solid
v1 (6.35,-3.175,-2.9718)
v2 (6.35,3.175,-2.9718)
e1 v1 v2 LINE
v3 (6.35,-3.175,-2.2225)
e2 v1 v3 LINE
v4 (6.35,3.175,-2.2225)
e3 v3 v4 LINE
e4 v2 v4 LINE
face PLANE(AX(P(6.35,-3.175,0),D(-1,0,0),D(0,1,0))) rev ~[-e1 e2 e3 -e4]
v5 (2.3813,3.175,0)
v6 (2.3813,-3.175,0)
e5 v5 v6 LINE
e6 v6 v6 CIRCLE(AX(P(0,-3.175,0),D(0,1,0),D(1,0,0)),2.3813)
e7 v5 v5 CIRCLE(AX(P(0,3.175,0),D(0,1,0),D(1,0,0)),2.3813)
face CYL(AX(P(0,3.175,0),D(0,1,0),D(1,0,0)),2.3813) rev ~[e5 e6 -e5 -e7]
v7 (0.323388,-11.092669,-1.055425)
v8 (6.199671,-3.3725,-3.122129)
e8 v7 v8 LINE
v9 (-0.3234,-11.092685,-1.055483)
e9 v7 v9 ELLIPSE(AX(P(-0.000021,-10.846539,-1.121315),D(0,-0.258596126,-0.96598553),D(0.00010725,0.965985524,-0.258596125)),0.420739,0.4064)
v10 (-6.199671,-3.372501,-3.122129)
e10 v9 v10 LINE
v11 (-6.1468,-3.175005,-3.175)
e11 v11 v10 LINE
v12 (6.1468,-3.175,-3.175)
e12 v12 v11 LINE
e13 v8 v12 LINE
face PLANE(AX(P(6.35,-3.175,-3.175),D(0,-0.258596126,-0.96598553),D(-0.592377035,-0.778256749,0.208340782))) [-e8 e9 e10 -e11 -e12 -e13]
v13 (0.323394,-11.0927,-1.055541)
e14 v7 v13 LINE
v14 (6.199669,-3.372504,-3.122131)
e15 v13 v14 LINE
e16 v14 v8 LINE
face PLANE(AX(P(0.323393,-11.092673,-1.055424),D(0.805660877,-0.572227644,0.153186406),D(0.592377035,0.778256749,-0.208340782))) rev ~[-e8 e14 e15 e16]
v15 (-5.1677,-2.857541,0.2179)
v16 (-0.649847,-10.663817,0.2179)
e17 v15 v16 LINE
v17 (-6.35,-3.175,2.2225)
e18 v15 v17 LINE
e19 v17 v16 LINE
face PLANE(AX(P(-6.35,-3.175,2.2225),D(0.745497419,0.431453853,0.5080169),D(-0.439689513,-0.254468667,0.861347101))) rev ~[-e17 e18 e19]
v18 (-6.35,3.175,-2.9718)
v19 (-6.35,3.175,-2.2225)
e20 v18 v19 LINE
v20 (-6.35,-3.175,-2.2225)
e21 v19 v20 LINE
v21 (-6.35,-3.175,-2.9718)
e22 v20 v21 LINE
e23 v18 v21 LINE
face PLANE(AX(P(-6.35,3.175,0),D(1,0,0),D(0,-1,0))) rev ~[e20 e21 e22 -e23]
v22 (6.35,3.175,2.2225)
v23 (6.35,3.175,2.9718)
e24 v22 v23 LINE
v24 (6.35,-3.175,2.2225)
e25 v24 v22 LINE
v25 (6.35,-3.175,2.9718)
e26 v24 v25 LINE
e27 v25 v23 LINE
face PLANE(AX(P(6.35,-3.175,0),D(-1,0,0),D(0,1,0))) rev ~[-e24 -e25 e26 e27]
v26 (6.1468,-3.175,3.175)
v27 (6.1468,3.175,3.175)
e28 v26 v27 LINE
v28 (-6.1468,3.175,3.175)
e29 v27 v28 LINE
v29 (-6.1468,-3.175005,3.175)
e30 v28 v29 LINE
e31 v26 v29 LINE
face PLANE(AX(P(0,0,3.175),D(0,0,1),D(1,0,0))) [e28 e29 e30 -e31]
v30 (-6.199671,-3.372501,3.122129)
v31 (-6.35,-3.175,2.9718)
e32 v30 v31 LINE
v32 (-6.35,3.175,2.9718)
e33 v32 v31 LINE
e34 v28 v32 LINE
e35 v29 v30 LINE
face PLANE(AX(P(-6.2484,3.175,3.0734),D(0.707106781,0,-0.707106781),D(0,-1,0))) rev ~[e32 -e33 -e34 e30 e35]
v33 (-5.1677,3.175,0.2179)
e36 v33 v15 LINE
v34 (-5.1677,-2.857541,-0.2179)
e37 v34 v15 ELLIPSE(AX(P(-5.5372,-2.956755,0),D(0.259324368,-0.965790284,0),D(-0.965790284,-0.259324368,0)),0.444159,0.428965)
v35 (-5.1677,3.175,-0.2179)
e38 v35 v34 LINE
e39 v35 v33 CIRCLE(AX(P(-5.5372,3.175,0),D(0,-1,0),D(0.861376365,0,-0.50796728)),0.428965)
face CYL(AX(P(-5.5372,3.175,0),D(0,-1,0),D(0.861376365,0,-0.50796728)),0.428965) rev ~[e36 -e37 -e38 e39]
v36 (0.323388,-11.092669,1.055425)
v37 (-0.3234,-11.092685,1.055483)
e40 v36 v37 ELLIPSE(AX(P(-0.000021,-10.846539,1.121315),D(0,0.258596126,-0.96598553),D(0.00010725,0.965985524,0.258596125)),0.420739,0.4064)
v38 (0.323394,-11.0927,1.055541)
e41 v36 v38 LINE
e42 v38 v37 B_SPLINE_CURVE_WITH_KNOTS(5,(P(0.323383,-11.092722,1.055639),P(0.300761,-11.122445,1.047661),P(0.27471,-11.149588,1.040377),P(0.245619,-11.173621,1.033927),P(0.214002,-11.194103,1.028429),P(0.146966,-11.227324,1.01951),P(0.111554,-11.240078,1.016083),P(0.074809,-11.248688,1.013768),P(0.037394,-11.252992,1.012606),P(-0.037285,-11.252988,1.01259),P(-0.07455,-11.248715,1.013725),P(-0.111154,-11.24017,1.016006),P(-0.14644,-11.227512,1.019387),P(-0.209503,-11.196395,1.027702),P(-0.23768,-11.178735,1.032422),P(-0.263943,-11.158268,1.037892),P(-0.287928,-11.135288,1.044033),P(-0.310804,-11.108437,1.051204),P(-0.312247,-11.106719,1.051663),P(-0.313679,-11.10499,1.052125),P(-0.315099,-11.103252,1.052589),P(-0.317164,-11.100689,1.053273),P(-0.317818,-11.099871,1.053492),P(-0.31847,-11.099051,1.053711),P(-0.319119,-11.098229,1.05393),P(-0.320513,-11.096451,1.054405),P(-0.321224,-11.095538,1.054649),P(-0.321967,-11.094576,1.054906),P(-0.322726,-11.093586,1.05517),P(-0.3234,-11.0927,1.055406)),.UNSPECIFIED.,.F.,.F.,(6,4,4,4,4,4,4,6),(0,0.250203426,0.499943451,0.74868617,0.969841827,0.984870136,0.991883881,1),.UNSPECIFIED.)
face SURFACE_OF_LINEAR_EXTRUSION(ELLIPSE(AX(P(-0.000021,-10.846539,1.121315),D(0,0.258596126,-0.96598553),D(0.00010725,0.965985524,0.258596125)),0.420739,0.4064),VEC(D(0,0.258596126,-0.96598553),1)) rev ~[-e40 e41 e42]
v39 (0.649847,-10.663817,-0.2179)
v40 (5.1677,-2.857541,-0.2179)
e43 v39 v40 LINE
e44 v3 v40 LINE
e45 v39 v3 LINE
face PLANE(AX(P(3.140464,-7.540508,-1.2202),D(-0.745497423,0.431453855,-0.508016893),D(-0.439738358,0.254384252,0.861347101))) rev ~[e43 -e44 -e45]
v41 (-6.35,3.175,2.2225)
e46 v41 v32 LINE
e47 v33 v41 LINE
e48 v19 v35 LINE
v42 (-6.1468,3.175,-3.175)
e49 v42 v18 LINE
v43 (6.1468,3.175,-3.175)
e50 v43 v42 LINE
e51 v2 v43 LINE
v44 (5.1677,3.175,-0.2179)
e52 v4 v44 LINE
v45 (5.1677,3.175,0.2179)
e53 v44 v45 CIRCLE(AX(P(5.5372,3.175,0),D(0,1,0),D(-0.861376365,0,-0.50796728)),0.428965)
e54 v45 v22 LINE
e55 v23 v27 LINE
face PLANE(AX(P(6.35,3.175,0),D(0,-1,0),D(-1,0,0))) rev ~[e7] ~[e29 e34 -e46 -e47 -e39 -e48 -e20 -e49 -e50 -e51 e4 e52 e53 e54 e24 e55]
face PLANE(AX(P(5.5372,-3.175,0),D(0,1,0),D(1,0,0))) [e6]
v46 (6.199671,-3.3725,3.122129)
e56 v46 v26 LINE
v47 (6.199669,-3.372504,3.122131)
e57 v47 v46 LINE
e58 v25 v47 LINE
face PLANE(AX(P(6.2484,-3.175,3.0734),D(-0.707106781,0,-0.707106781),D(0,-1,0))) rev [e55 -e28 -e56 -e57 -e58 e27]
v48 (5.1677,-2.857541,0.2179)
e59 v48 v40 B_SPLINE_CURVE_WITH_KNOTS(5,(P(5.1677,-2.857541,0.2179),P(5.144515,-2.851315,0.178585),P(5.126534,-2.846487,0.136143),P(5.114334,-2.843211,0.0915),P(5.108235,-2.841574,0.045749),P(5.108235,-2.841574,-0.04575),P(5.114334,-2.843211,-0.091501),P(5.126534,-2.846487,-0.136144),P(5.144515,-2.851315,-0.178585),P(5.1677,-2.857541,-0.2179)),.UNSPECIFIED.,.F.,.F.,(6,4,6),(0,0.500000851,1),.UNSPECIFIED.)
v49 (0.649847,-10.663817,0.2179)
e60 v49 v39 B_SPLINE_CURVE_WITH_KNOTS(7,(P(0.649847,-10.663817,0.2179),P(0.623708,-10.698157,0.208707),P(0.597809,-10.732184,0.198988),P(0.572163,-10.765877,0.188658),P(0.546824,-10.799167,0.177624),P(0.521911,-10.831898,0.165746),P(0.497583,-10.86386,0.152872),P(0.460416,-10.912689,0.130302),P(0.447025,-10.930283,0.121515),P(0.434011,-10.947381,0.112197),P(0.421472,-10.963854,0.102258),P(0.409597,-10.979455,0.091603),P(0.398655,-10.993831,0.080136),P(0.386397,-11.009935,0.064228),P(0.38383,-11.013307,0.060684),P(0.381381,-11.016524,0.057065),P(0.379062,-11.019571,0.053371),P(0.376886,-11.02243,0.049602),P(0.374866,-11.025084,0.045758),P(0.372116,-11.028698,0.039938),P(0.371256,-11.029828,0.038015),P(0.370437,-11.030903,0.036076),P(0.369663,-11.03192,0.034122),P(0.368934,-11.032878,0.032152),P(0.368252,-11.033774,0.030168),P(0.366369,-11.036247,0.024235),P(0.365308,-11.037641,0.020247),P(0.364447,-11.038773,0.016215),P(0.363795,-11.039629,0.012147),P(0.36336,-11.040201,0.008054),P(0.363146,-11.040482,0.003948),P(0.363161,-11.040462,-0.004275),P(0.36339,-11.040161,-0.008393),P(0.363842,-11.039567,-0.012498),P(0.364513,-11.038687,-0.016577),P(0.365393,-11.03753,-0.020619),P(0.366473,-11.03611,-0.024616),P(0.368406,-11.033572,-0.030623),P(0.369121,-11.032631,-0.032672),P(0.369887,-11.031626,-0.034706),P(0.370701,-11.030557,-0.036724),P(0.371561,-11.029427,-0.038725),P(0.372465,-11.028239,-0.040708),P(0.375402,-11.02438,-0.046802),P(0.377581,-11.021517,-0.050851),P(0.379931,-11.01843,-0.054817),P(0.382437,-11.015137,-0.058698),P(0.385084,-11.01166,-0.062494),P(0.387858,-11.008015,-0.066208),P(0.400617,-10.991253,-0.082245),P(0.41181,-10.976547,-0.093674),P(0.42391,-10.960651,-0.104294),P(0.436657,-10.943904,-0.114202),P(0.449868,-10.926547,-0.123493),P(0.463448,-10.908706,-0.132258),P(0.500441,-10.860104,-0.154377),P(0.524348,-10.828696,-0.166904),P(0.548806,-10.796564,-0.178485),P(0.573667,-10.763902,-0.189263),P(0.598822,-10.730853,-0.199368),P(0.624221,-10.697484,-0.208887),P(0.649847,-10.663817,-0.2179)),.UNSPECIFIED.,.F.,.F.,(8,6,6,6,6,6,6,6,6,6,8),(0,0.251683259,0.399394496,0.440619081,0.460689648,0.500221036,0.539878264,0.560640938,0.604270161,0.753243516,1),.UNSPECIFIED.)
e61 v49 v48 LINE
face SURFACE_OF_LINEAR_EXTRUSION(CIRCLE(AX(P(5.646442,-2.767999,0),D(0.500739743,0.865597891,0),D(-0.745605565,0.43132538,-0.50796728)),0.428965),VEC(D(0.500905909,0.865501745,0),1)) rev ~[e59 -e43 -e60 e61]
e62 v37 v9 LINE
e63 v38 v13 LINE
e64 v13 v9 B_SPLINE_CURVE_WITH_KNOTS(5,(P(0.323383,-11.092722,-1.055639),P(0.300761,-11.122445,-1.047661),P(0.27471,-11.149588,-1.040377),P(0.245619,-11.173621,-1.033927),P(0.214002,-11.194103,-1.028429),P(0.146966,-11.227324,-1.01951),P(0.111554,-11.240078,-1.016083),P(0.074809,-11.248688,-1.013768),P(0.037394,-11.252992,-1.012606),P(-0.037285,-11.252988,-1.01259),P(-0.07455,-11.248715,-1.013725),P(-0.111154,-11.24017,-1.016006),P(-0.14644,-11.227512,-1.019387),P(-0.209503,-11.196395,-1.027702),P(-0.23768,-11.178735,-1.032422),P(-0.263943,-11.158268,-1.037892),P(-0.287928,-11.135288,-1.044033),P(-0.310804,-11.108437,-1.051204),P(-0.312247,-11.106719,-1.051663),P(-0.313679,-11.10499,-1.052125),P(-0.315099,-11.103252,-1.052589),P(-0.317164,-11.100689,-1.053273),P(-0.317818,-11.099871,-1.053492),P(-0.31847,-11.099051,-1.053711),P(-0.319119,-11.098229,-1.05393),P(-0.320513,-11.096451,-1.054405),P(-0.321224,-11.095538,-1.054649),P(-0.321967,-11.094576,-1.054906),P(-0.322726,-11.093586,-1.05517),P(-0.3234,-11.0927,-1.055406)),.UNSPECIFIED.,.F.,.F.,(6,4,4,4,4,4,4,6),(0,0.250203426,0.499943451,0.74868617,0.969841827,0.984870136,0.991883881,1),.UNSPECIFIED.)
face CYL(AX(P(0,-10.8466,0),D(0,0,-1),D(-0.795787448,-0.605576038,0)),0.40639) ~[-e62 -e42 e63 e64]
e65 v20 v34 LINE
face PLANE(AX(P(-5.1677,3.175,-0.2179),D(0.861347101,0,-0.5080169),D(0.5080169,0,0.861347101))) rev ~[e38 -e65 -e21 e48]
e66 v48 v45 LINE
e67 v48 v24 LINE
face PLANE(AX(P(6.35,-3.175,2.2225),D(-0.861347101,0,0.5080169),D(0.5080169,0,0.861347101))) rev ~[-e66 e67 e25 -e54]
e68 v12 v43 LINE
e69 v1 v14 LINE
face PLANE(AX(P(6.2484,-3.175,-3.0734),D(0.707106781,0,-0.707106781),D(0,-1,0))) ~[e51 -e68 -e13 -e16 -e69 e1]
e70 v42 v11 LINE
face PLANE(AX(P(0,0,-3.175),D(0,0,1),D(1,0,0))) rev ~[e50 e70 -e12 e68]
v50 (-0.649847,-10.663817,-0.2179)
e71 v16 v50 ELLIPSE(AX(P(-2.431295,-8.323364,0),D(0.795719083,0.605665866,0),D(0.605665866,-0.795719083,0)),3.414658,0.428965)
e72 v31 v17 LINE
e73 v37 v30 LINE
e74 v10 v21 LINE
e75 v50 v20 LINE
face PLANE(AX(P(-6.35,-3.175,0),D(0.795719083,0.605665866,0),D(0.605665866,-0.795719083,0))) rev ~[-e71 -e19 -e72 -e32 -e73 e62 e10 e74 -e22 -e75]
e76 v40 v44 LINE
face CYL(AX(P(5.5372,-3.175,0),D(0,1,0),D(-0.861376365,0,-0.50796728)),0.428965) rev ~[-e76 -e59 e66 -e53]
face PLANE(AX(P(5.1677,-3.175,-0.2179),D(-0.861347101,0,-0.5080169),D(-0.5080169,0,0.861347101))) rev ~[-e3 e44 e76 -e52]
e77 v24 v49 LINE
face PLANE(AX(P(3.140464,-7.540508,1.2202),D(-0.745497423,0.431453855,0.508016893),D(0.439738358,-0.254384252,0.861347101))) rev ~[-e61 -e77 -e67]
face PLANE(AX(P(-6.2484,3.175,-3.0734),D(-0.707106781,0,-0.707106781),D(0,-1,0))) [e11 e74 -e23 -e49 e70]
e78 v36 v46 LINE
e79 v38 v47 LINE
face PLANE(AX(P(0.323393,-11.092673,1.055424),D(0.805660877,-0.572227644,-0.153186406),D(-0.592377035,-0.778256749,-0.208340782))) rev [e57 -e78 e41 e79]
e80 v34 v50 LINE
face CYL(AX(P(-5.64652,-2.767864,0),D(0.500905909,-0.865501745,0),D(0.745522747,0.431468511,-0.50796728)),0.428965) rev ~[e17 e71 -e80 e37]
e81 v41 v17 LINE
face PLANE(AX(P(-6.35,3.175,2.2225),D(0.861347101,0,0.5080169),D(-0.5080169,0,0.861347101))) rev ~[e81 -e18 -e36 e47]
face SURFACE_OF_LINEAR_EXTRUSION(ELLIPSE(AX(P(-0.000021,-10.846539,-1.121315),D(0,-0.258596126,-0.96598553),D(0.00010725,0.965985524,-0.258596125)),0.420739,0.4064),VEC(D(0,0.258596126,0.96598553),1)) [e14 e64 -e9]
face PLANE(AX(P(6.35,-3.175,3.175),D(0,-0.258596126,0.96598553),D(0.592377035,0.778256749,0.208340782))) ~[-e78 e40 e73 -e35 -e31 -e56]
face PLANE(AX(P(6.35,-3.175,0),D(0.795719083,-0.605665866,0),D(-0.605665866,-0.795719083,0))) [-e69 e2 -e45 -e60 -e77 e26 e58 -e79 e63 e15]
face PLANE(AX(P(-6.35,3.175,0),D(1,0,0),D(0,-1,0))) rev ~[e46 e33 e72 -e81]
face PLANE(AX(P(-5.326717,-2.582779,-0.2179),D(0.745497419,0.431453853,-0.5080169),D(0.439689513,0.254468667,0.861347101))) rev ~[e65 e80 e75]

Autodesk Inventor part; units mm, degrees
ref_plane "YZ Plane" through (0, 0, 0) normal (1, 0, 0) x (0, 1, 0)
ref_plane "XZ Plane" through (0, 0, 0) normal (0, 1, 0) x (-1, 0, 0)
sketch "Sketch1" plane through (0, 0, 0) normal (0, 0, 1) x (1, 0, 0)
  line L0 (-6.35, -3.175) -> (6.35, -3.175) construction
  line L1 (6.35, -3.175) -> (6.35, 3.175)
  line L2 (6.35, 3.175) -> (-6.35, 3.175)
  line L3 (-6.35, 3.175) -> (-6.35, -3.175)
  line L4 (-6.35, -3.175) -> (6.35, 3.175) construction
  line L5 (6.35, -3.175) -> (-6.35, 3.175) construction
  line L6 (0, 6.0606) -> (0, -14.1385) construction
  line L7 (-6.35, -3.175) -> (-0.3234, -11.0927)
  line L8 (6.35, -3.175) -> (0.3234, -11.0927)
  arc A0 (-0.3234, -11.0927) -> (0.3234, -11.0927) centre (0, -10.8466) ccw
  point P0 (0, 0)
  dimension "d0" = 12.7
  dimension "d1" = 6.35
  dimension "d3" = 0.4064
extrude "Extrusion1" add sketch "Sketch1" along normal mid plane 6.35
sketch "Sketch2" plane through (0, 0, 0) normal (0, 0, 1) x (1, 0, 0)
  line L0 (6.35, -3.175) -> (6.35, 3.175) projected
  line L1 (-6.35, 3.175) -> (-6.35, -3.175) projected
  line L2 (-6.35, -3.175) -> (-0.3517, -13.5393)
  arc A0 (-0.3517, -13.5393) -> (0.3517, -13.5393) centre (0, -13.3358) ccw
  line L3 (6.35, -3.175) -> (0.3517, -13.5393)
  arc A1 (-0.3234, -11.0927) -> (0.3234, -11.0927) centre (0, -10.8466) ccw projected
  point P0 (0, 0)
  dimension "d9" = 0.4064
  dimension "d10" = 2.4892
sketch "Sketch3" plane through (-6.35, 3.175, 3.175) normal (0, 1, 0) x (1, 0, 0)
  line L0 (12.7, 0.9525) -> (11.5177, 2.9571)
  line L1 (11.5177, 3.3929) -> (12.7, 5.3975)
  line L2 (12.7, 5.3975) -> (12.7, 0.9525)
  arc A0 (11.5177, 3.3929) -> (11.5177, 2.9571) centre (11.8872, 3.175) ccw
  line L3 (12.7, 3.175) -> (11.8872, 3.175) construction
  point P0 (6.35, 3.175)
  dimension "d7" = 0.429
  dimension "d13" = 4.445
  dimension "d14" = 0.8128
sweep "Sweep1" cut profiles "Sketch3" path "Sketch2" path curves L0 L3 A0 L2 L1
ref_plane "Work Plane2" through (6.35, -3.175, -3.175) normal (0, -0.2586, -0.966) x (-0.5924, -0.7783, 0.2083)
ref_plane "Work Plane1" through (3.1636, -7.3612, -1.1019) normal (0, -0.2586, -0.966) x (-0.5924, -0.7783, 0.2083)
sketch "Sketch4" plane through (6.35, -3.175, -3.175) normal (0, -0.2586, -0.966) x (-0.5924, -0.7783, 0.2083)
  line L0 (10.1736, 0) -> (0, 0) projected
  line L1 (0, 0) -> (7.5232, 10.2319) projected
  line L2 (7.5232, 10.2319) -> (10.5567, 0.5211) projected
  ellipse E0 centre (10.1599, 0.4115) end of major axis (9.8209, 0.6607) minor radius 0.4064 (10.1736, 0) -> (10.5567, 0.5211) ccw projected
  point P0 (1.9521, 6.4464)
extrude "Extrusion2" cut sketch "Sketch4" along normal up to next
mirror "Mirror1" about plane through (0, 0, 0) normal (0, 0, 1) of "Extrusion2"
chamfer "Chamfer1" distance 0.2032 angle 45 4 edges at (6.35, 0, -3.175) (6.35, 0, 3.175) (-6.35, 0, -3.175) (-6.35, 0, 3.175)
sketch "Sketch5" plane through (5.5372, 3.175, 0) normal (0, 1, 0) x (1, 0, 0)
  circle A0 centre (-5.5372, 0) radius 2.3813
  dimension "d20" = 4.7625
extrude "Extrusion3" cut sketch "Sketch5" against normal blind 6.35
properties part number "Selector"
